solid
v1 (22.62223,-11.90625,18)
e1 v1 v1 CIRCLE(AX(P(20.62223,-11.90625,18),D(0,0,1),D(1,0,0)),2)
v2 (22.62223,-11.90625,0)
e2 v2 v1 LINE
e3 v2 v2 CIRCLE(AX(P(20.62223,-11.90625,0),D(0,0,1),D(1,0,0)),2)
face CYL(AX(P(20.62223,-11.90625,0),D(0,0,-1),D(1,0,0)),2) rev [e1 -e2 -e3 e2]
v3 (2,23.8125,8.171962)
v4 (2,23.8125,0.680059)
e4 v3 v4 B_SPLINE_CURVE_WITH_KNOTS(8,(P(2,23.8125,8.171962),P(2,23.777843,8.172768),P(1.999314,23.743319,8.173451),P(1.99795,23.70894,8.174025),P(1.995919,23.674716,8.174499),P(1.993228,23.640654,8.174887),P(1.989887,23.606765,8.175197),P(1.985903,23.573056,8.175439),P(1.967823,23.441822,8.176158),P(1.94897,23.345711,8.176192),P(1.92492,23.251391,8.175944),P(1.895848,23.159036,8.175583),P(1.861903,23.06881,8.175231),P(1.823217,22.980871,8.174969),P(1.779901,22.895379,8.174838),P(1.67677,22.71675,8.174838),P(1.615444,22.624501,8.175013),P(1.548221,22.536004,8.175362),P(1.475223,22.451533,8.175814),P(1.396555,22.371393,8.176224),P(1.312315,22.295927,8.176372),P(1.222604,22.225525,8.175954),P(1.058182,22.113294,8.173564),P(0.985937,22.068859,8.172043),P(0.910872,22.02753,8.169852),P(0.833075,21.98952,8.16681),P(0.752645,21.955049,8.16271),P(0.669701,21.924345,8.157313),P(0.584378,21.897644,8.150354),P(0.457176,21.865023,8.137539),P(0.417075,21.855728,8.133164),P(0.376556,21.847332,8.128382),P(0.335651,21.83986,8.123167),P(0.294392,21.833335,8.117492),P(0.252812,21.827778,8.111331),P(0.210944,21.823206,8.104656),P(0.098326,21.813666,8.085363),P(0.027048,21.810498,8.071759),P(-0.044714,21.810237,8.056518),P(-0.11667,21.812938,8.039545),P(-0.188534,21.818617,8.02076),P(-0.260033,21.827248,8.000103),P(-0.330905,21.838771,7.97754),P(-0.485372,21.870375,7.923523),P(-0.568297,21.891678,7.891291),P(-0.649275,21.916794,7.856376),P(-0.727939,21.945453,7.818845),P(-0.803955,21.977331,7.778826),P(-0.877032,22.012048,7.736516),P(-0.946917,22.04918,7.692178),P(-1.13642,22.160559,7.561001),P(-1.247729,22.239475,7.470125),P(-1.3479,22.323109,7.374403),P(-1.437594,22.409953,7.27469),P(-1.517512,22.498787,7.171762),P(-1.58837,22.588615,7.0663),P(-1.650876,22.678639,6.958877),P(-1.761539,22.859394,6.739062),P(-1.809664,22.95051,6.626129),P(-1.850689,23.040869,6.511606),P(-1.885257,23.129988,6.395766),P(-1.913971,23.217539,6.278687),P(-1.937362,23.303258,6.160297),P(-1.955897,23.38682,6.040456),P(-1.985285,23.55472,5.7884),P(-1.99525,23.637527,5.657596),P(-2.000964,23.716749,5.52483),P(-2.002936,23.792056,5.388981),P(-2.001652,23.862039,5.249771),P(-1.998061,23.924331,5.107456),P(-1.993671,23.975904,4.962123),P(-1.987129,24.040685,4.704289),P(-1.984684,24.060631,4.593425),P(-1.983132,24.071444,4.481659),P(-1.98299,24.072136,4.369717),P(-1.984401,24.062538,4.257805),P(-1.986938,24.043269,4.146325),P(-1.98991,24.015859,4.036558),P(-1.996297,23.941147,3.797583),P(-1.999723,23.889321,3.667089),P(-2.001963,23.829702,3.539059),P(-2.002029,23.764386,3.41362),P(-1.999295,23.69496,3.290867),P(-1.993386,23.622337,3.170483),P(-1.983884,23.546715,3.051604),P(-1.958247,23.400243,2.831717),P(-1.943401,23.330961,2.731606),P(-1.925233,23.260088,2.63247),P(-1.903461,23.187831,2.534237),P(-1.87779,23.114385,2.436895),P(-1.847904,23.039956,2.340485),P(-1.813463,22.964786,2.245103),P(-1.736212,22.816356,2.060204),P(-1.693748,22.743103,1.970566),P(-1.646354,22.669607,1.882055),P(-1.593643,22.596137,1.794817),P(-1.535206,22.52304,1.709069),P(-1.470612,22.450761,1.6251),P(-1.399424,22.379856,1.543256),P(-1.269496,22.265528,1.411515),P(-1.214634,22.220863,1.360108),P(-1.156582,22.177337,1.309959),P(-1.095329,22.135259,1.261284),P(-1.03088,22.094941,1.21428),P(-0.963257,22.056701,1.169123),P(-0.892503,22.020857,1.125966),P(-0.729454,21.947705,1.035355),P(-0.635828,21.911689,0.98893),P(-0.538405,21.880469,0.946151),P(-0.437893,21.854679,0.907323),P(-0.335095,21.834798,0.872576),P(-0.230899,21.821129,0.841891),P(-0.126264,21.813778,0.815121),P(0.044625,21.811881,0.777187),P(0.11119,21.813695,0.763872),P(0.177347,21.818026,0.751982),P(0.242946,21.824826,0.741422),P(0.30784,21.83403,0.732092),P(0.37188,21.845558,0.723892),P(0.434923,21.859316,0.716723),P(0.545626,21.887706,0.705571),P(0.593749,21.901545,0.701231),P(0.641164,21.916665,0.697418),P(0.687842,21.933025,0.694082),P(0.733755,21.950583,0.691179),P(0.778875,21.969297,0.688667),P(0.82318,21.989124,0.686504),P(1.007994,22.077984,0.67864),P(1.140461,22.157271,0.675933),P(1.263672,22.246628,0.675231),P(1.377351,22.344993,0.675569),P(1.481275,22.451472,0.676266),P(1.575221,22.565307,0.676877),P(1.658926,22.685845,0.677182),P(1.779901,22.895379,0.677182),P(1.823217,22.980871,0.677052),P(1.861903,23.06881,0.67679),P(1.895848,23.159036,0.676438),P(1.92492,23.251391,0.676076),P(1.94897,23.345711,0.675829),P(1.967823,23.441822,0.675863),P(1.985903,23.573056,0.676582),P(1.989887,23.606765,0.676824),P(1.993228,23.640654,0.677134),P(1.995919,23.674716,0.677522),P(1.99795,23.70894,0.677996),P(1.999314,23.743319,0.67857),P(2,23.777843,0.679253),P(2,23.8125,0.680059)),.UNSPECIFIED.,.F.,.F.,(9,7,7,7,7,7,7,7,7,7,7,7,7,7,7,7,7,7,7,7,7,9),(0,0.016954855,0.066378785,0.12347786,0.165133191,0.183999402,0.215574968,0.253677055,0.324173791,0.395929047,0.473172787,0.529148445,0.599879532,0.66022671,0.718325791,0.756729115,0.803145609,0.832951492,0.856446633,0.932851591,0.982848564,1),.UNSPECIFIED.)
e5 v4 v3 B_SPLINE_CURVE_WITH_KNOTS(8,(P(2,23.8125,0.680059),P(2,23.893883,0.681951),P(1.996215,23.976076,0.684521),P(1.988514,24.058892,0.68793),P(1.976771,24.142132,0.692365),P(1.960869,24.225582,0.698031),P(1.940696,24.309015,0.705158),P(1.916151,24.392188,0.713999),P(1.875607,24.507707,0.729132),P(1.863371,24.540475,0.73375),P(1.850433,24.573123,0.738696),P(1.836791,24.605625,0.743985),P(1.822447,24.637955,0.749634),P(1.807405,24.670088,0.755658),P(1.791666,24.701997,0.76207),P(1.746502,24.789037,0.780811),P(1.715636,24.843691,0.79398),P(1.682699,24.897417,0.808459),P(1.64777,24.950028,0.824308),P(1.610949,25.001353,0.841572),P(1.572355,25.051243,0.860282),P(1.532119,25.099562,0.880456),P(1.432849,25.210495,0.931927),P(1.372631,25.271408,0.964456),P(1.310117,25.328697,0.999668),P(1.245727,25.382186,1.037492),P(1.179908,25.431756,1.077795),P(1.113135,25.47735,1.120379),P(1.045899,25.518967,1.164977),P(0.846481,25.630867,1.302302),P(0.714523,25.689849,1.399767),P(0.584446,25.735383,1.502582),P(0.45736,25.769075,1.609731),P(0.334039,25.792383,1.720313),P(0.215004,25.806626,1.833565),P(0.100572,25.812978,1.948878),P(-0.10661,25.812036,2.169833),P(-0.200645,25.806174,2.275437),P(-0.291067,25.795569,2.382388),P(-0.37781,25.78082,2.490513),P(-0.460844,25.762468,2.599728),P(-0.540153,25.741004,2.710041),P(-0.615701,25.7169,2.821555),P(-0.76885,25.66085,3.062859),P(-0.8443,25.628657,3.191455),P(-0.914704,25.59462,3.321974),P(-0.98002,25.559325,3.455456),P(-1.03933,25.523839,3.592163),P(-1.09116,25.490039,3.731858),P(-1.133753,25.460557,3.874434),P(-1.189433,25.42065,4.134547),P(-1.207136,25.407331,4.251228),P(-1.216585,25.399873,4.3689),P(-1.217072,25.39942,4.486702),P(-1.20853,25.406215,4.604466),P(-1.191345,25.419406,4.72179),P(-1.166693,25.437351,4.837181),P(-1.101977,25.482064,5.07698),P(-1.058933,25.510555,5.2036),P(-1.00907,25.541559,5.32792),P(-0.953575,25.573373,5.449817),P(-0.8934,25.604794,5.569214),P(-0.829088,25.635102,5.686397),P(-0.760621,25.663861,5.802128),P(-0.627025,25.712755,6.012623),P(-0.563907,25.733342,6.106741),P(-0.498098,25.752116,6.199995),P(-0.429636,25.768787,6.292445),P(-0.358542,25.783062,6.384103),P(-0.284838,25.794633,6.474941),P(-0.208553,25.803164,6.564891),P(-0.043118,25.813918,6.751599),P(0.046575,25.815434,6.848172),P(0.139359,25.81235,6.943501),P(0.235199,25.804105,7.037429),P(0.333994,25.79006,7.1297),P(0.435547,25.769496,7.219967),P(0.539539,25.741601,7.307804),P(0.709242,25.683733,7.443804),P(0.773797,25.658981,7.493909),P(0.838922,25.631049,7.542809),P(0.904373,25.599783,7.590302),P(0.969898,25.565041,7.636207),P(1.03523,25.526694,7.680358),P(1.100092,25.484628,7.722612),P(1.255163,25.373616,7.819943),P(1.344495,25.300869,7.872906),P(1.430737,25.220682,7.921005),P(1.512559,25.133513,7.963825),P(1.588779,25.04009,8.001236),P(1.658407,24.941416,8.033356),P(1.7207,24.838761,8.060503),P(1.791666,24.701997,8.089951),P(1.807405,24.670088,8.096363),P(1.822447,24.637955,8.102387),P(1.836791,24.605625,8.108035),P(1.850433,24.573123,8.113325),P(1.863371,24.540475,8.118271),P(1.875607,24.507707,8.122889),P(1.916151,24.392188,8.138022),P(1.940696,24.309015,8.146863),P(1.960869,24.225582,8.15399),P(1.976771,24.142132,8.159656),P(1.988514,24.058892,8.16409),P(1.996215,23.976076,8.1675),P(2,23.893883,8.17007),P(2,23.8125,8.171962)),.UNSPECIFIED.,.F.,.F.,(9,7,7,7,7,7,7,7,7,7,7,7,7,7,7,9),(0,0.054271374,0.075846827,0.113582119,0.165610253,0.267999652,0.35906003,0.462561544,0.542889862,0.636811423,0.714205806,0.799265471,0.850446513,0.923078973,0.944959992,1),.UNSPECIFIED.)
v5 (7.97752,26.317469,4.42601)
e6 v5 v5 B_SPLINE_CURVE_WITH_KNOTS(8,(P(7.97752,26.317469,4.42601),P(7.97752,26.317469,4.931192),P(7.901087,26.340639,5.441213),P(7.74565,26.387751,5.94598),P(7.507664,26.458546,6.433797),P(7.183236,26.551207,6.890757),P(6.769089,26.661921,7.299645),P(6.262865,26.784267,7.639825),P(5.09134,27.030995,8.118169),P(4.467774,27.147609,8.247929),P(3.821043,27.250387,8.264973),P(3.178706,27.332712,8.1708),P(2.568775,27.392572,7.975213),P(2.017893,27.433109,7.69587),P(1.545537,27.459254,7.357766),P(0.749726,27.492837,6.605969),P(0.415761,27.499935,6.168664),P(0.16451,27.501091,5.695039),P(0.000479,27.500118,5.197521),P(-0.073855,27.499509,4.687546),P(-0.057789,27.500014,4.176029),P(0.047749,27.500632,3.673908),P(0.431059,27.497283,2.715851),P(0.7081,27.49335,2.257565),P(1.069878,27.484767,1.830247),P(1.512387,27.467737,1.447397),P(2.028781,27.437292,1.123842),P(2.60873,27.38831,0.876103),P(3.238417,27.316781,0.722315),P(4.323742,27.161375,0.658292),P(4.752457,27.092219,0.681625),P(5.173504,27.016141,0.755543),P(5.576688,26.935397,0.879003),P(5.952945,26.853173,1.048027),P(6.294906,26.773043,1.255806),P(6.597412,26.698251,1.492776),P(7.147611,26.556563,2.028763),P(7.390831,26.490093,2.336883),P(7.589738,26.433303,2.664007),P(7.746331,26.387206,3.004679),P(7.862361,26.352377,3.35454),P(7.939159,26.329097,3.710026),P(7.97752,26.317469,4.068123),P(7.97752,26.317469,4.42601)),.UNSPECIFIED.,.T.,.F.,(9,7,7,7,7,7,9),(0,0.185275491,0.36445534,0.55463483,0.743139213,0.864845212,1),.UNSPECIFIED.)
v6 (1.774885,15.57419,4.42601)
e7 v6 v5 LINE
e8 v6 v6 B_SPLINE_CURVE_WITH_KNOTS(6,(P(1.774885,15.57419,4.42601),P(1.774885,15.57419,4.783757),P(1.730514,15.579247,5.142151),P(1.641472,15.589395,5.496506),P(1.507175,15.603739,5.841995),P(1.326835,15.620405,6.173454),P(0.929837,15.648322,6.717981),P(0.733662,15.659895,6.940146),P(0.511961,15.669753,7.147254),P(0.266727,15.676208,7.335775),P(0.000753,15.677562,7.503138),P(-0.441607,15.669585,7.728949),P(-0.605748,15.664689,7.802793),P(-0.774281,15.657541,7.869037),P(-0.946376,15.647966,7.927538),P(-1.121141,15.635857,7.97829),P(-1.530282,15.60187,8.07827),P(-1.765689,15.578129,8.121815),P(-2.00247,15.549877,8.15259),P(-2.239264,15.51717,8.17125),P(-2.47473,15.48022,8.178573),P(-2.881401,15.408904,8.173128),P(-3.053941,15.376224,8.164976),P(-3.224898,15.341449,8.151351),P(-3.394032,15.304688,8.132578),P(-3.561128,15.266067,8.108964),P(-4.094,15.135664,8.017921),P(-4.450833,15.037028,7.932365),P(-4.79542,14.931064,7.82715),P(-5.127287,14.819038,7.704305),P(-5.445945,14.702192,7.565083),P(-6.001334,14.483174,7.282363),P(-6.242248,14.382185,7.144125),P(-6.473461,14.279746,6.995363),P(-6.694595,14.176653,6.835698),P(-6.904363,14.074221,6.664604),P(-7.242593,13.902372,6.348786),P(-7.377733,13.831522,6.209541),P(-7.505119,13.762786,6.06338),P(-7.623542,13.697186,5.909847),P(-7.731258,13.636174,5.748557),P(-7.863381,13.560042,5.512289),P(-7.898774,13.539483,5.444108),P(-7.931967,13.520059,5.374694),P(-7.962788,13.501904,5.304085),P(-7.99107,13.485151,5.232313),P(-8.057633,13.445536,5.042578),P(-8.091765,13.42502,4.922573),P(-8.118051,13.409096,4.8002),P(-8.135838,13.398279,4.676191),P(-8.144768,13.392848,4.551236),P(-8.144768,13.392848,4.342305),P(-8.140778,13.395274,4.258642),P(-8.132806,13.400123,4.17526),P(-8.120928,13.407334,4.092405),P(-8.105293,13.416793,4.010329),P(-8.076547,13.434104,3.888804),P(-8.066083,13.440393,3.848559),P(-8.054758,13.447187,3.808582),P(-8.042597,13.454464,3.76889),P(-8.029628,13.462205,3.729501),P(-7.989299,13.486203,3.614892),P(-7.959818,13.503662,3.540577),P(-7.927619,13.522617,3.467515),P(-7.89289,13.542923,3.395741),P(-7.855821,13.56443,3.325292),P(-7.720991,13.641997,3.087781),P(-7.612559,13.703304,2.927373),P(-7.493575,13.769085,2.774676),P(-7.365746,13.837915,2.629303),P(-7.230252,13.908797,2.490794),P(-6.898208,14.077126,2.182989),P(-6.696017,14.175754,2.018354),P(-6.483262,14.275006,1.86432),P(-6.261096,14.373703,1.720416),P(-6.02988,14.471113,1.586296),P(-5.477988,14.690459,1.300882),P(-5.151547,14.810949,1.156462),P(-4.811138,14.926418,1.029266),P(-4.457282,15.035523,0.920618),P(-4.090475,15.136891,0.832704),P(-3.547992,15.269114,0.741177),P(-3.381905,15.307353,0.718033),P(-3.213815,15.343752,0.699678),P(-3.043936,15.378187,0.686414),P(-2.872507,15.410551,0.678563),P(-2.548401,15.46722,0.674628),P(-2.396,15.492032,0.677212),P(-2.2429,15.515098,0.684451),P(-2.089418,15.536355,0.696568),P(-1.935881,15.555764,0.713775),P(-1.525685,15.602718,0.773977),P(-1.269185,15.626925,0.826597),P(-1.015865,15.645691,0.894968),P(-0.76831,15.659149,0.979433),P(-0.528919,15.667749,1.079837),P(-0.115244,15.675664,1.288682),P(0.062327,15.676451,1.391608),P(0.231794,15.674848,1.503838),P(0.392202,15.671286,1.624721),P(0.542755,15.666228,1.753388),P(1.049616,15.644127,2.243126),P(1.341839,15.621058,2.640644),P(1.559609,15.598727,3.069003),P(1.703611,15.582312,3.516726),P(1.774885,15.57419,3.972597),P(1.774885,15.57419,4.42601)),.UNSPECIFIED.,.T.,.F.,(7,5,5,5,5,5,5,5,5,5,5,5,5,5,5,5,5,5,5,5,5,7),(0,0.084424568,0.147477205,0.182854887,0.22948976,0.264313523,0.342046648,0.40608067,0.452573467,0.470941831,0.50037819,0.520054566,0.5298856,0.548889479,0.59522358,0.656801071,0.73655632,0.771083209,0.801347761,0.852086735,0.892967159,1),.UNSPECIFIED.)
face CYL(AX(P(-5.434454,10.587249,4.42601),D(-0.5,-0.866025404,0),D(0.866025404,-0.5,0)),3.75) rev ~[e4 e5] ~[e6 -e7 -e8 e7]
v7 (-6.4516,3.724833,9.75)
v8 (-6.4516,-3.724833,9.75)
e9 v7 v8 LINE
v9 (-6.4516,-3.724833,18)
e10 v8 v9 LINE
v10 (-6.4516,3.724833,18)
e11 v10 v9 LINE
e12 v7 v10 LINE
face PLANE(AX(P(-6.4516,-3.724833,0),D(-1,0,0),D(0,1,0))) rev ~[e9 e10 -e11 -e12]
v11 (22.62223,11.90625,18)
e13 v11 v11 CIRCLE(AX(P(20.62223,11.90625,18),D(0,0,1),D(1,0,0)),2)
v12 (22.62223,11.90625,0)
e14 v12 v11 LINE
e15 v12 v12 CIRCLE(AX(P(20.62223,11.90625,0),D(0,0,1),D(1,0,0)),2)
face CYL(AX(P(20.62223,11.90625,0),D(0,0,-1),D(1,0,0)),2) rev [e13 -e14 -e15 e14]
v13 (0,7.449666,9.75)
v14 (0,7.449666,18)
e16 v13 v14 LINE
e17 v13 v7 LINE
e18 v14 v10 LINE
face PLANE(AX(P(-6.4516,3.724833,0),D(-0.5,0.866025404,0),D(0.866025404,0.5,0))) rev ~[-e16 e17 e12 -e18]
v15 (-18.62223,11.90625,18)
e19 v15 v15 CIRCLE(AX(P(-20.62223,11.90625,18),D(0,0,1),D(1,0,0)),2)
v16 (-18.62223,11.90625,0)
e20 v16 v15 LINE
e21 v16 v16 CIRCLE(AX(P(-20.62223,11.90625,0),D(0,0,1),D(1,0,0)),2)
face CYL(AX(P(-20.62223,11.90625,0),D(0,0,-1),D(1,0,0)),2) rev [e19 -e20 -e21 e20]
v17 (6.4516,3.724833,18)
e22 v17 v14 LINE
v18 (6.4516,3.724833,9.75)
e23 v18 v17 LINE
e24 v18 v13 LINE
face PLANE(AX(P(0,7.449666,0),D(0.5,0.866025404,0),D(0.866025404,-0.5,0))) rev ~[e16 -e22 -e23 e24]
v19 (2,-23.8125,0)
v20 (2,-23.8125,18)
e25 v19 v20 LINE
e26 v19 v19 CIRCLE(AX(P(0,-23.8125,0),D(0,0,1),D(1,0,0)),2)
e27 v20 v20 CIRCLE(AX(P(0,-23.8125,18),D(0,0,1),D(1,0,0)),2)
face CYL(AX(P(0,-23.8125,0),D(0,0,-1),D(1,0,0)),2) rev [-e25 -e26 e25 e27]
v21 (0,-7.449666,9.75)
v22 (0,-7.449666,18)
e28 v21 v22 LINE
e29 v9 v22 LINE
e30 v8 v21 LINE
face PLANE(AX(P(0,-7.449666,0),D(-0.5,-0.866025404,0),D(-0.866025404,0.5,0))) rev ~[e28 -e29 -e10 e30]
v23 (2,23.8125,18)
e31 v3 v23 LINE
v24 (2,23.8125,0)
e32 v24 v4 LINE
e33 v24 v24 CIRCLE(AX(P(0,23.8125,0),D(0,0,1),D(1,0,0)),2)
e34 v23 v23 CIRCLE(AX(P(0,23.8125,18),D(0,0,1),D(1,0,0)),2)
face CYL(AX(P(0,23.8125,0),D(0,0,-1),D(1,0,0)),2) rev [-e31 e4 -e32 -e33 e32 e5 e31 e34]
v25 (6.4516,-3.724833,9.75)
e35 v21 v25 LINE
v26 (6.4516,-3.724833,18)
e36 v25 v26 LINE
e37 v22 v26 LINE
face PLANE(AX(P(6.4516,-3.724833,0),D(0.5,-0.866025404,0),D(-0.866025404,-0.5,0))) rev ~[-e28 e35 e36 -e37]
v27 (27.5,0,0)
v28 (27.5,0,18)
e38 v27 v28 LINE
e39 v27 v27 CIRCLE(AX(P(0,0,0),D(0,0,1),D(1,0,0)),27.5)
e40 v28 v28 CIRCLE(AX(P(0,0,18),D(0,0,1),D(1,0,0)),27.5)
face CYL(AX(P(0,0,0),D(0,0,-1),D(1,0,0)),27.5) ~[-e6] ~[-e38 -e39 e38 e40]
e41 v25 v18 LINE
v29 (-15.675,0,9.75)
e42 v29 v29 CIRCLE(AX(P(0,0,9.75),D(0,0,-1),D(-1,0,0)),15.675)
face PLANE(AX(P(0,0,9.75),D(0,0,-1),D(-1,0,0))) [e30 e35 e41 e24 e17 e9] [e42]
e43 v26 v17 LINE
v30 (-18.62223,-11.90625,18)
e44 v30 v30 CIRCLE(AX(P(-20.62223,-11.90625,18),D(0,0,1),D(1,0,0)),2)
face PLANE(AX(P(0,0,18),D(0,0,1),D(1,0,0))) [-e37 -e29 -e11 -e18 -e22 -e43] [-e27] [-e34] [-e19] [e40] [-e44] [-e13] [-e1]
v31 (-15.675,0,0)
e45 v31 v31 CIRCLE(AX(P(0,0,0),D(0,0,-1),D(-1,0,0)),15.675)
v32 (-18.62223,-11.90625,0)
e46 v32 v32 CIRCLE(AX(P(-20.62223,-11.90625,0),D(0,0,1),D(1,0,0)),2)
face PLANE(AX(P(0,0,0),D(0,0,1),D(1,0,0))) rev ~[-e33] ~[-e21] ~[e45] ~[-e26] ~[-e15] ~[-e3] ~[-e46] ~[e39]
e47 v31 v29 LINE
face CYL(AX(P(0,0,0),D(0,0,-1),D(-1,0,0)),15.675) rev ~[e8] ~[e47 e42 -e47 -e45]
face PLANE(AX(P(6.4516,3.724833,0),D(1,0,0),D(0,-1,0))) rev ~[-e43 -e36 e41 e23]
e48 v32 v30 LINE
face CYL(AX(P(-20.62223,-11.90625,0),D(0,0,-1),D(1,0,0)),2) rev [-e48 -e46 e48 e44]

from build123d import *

# Parameters (mm, degrees)
SKETCH1_R           = 27.5
SKETCH1_R_2         = 2
BOSS_EXTRUDE1_DEPTH = 18
CUT_EXTRUDE1_DEPTH  = 19
SKETCH3_R           = 15.675
CUT_EXTRUDE2_DEPTH  = 9.75
SKETCH5_R           = 3.75
CUT_EXTRUDE4_DEPTH  = 32.114098604


with BuildPart() as part:
    # Sketch1 → Boss-Extrude1 (new body)
    with BuildSketch(Plane.XY):
        Circle(SKETCH1_R)
        with Locations((0, 23.8125)):
            Circle(SKETCH1_R_2, mode=Mode.SUBTRACT)
        with Locations((20.622229928, 11.90625)):
            Circle(SKETCH1_R_2, mode=Mode.SUBTRACT)
        with Locations((20.622229928, -11.90625)):
            Circle(SKETCH1_R_2, mode=Mode.SUBTRACT)
        with Locations((0, -23.8125)):
            Circle(SKETCH1_R_2, mode=Mode.SUBTRACT)
        with Locations((-20.622229928, -11.90625)):
            Circle(SKETCH1_R_2, mode=Mode.SUBTRACT)
        with Locations((-20.622229928, 11.90625)):
            Circle(SKETCH1_R_2, mode=Mode.SUBTRACT)
    extrude(amount=BOSS_EXTRUDE1_DEPTH)

    # Sketch2 → Cut-Extrude1 (cut, through all)
    with BuildSketch(Plane(origin=(0, 0, 0), x_dir=(-1, 0, 0), z_dir=(0, 0, -1))):
        Polygon((0, 7.449665993), (-6.4516, 3.724832997), (-6.4516, -3.724832997), (0, -7.449665993), (6.4516, -3.724832997), (6.4516, 3.724832997), align=None)
    extrude(amount=-CUT_EXTRUDE1_DEPTH, mode=Mode.SUBTRACT)

    # Sketch3 → Cut-Extrude2 (cut)
    with BuildSketch(Plane(origin=(0, 0, 0), x_dir=(-1, 0, 0), z_dir=(0, 0, -1))):
        Circle(SKETCH3_R)
    extrude(amount=-CUT_EXTRUDE2_DEPTH, mode=Mode.SUBTRACT)

    # Sketch5 → Cut-Extrude4 (cut, through all)
    with BuildSketch(Plane(origin=(0.225707929, 7.31935346, 0), x_dir=(0.866025404, -0.5, 0), z_dir=(-0.5, -0.866025404, 0))):
        with Locations((-6.535792071, 4.426010426)):
            Circle(SKETCH5_R)
    extrude(amount=-CUT_EXTRUDE4_DEPTH, mode=Mode.SUBTRACT)


solid = part.part
